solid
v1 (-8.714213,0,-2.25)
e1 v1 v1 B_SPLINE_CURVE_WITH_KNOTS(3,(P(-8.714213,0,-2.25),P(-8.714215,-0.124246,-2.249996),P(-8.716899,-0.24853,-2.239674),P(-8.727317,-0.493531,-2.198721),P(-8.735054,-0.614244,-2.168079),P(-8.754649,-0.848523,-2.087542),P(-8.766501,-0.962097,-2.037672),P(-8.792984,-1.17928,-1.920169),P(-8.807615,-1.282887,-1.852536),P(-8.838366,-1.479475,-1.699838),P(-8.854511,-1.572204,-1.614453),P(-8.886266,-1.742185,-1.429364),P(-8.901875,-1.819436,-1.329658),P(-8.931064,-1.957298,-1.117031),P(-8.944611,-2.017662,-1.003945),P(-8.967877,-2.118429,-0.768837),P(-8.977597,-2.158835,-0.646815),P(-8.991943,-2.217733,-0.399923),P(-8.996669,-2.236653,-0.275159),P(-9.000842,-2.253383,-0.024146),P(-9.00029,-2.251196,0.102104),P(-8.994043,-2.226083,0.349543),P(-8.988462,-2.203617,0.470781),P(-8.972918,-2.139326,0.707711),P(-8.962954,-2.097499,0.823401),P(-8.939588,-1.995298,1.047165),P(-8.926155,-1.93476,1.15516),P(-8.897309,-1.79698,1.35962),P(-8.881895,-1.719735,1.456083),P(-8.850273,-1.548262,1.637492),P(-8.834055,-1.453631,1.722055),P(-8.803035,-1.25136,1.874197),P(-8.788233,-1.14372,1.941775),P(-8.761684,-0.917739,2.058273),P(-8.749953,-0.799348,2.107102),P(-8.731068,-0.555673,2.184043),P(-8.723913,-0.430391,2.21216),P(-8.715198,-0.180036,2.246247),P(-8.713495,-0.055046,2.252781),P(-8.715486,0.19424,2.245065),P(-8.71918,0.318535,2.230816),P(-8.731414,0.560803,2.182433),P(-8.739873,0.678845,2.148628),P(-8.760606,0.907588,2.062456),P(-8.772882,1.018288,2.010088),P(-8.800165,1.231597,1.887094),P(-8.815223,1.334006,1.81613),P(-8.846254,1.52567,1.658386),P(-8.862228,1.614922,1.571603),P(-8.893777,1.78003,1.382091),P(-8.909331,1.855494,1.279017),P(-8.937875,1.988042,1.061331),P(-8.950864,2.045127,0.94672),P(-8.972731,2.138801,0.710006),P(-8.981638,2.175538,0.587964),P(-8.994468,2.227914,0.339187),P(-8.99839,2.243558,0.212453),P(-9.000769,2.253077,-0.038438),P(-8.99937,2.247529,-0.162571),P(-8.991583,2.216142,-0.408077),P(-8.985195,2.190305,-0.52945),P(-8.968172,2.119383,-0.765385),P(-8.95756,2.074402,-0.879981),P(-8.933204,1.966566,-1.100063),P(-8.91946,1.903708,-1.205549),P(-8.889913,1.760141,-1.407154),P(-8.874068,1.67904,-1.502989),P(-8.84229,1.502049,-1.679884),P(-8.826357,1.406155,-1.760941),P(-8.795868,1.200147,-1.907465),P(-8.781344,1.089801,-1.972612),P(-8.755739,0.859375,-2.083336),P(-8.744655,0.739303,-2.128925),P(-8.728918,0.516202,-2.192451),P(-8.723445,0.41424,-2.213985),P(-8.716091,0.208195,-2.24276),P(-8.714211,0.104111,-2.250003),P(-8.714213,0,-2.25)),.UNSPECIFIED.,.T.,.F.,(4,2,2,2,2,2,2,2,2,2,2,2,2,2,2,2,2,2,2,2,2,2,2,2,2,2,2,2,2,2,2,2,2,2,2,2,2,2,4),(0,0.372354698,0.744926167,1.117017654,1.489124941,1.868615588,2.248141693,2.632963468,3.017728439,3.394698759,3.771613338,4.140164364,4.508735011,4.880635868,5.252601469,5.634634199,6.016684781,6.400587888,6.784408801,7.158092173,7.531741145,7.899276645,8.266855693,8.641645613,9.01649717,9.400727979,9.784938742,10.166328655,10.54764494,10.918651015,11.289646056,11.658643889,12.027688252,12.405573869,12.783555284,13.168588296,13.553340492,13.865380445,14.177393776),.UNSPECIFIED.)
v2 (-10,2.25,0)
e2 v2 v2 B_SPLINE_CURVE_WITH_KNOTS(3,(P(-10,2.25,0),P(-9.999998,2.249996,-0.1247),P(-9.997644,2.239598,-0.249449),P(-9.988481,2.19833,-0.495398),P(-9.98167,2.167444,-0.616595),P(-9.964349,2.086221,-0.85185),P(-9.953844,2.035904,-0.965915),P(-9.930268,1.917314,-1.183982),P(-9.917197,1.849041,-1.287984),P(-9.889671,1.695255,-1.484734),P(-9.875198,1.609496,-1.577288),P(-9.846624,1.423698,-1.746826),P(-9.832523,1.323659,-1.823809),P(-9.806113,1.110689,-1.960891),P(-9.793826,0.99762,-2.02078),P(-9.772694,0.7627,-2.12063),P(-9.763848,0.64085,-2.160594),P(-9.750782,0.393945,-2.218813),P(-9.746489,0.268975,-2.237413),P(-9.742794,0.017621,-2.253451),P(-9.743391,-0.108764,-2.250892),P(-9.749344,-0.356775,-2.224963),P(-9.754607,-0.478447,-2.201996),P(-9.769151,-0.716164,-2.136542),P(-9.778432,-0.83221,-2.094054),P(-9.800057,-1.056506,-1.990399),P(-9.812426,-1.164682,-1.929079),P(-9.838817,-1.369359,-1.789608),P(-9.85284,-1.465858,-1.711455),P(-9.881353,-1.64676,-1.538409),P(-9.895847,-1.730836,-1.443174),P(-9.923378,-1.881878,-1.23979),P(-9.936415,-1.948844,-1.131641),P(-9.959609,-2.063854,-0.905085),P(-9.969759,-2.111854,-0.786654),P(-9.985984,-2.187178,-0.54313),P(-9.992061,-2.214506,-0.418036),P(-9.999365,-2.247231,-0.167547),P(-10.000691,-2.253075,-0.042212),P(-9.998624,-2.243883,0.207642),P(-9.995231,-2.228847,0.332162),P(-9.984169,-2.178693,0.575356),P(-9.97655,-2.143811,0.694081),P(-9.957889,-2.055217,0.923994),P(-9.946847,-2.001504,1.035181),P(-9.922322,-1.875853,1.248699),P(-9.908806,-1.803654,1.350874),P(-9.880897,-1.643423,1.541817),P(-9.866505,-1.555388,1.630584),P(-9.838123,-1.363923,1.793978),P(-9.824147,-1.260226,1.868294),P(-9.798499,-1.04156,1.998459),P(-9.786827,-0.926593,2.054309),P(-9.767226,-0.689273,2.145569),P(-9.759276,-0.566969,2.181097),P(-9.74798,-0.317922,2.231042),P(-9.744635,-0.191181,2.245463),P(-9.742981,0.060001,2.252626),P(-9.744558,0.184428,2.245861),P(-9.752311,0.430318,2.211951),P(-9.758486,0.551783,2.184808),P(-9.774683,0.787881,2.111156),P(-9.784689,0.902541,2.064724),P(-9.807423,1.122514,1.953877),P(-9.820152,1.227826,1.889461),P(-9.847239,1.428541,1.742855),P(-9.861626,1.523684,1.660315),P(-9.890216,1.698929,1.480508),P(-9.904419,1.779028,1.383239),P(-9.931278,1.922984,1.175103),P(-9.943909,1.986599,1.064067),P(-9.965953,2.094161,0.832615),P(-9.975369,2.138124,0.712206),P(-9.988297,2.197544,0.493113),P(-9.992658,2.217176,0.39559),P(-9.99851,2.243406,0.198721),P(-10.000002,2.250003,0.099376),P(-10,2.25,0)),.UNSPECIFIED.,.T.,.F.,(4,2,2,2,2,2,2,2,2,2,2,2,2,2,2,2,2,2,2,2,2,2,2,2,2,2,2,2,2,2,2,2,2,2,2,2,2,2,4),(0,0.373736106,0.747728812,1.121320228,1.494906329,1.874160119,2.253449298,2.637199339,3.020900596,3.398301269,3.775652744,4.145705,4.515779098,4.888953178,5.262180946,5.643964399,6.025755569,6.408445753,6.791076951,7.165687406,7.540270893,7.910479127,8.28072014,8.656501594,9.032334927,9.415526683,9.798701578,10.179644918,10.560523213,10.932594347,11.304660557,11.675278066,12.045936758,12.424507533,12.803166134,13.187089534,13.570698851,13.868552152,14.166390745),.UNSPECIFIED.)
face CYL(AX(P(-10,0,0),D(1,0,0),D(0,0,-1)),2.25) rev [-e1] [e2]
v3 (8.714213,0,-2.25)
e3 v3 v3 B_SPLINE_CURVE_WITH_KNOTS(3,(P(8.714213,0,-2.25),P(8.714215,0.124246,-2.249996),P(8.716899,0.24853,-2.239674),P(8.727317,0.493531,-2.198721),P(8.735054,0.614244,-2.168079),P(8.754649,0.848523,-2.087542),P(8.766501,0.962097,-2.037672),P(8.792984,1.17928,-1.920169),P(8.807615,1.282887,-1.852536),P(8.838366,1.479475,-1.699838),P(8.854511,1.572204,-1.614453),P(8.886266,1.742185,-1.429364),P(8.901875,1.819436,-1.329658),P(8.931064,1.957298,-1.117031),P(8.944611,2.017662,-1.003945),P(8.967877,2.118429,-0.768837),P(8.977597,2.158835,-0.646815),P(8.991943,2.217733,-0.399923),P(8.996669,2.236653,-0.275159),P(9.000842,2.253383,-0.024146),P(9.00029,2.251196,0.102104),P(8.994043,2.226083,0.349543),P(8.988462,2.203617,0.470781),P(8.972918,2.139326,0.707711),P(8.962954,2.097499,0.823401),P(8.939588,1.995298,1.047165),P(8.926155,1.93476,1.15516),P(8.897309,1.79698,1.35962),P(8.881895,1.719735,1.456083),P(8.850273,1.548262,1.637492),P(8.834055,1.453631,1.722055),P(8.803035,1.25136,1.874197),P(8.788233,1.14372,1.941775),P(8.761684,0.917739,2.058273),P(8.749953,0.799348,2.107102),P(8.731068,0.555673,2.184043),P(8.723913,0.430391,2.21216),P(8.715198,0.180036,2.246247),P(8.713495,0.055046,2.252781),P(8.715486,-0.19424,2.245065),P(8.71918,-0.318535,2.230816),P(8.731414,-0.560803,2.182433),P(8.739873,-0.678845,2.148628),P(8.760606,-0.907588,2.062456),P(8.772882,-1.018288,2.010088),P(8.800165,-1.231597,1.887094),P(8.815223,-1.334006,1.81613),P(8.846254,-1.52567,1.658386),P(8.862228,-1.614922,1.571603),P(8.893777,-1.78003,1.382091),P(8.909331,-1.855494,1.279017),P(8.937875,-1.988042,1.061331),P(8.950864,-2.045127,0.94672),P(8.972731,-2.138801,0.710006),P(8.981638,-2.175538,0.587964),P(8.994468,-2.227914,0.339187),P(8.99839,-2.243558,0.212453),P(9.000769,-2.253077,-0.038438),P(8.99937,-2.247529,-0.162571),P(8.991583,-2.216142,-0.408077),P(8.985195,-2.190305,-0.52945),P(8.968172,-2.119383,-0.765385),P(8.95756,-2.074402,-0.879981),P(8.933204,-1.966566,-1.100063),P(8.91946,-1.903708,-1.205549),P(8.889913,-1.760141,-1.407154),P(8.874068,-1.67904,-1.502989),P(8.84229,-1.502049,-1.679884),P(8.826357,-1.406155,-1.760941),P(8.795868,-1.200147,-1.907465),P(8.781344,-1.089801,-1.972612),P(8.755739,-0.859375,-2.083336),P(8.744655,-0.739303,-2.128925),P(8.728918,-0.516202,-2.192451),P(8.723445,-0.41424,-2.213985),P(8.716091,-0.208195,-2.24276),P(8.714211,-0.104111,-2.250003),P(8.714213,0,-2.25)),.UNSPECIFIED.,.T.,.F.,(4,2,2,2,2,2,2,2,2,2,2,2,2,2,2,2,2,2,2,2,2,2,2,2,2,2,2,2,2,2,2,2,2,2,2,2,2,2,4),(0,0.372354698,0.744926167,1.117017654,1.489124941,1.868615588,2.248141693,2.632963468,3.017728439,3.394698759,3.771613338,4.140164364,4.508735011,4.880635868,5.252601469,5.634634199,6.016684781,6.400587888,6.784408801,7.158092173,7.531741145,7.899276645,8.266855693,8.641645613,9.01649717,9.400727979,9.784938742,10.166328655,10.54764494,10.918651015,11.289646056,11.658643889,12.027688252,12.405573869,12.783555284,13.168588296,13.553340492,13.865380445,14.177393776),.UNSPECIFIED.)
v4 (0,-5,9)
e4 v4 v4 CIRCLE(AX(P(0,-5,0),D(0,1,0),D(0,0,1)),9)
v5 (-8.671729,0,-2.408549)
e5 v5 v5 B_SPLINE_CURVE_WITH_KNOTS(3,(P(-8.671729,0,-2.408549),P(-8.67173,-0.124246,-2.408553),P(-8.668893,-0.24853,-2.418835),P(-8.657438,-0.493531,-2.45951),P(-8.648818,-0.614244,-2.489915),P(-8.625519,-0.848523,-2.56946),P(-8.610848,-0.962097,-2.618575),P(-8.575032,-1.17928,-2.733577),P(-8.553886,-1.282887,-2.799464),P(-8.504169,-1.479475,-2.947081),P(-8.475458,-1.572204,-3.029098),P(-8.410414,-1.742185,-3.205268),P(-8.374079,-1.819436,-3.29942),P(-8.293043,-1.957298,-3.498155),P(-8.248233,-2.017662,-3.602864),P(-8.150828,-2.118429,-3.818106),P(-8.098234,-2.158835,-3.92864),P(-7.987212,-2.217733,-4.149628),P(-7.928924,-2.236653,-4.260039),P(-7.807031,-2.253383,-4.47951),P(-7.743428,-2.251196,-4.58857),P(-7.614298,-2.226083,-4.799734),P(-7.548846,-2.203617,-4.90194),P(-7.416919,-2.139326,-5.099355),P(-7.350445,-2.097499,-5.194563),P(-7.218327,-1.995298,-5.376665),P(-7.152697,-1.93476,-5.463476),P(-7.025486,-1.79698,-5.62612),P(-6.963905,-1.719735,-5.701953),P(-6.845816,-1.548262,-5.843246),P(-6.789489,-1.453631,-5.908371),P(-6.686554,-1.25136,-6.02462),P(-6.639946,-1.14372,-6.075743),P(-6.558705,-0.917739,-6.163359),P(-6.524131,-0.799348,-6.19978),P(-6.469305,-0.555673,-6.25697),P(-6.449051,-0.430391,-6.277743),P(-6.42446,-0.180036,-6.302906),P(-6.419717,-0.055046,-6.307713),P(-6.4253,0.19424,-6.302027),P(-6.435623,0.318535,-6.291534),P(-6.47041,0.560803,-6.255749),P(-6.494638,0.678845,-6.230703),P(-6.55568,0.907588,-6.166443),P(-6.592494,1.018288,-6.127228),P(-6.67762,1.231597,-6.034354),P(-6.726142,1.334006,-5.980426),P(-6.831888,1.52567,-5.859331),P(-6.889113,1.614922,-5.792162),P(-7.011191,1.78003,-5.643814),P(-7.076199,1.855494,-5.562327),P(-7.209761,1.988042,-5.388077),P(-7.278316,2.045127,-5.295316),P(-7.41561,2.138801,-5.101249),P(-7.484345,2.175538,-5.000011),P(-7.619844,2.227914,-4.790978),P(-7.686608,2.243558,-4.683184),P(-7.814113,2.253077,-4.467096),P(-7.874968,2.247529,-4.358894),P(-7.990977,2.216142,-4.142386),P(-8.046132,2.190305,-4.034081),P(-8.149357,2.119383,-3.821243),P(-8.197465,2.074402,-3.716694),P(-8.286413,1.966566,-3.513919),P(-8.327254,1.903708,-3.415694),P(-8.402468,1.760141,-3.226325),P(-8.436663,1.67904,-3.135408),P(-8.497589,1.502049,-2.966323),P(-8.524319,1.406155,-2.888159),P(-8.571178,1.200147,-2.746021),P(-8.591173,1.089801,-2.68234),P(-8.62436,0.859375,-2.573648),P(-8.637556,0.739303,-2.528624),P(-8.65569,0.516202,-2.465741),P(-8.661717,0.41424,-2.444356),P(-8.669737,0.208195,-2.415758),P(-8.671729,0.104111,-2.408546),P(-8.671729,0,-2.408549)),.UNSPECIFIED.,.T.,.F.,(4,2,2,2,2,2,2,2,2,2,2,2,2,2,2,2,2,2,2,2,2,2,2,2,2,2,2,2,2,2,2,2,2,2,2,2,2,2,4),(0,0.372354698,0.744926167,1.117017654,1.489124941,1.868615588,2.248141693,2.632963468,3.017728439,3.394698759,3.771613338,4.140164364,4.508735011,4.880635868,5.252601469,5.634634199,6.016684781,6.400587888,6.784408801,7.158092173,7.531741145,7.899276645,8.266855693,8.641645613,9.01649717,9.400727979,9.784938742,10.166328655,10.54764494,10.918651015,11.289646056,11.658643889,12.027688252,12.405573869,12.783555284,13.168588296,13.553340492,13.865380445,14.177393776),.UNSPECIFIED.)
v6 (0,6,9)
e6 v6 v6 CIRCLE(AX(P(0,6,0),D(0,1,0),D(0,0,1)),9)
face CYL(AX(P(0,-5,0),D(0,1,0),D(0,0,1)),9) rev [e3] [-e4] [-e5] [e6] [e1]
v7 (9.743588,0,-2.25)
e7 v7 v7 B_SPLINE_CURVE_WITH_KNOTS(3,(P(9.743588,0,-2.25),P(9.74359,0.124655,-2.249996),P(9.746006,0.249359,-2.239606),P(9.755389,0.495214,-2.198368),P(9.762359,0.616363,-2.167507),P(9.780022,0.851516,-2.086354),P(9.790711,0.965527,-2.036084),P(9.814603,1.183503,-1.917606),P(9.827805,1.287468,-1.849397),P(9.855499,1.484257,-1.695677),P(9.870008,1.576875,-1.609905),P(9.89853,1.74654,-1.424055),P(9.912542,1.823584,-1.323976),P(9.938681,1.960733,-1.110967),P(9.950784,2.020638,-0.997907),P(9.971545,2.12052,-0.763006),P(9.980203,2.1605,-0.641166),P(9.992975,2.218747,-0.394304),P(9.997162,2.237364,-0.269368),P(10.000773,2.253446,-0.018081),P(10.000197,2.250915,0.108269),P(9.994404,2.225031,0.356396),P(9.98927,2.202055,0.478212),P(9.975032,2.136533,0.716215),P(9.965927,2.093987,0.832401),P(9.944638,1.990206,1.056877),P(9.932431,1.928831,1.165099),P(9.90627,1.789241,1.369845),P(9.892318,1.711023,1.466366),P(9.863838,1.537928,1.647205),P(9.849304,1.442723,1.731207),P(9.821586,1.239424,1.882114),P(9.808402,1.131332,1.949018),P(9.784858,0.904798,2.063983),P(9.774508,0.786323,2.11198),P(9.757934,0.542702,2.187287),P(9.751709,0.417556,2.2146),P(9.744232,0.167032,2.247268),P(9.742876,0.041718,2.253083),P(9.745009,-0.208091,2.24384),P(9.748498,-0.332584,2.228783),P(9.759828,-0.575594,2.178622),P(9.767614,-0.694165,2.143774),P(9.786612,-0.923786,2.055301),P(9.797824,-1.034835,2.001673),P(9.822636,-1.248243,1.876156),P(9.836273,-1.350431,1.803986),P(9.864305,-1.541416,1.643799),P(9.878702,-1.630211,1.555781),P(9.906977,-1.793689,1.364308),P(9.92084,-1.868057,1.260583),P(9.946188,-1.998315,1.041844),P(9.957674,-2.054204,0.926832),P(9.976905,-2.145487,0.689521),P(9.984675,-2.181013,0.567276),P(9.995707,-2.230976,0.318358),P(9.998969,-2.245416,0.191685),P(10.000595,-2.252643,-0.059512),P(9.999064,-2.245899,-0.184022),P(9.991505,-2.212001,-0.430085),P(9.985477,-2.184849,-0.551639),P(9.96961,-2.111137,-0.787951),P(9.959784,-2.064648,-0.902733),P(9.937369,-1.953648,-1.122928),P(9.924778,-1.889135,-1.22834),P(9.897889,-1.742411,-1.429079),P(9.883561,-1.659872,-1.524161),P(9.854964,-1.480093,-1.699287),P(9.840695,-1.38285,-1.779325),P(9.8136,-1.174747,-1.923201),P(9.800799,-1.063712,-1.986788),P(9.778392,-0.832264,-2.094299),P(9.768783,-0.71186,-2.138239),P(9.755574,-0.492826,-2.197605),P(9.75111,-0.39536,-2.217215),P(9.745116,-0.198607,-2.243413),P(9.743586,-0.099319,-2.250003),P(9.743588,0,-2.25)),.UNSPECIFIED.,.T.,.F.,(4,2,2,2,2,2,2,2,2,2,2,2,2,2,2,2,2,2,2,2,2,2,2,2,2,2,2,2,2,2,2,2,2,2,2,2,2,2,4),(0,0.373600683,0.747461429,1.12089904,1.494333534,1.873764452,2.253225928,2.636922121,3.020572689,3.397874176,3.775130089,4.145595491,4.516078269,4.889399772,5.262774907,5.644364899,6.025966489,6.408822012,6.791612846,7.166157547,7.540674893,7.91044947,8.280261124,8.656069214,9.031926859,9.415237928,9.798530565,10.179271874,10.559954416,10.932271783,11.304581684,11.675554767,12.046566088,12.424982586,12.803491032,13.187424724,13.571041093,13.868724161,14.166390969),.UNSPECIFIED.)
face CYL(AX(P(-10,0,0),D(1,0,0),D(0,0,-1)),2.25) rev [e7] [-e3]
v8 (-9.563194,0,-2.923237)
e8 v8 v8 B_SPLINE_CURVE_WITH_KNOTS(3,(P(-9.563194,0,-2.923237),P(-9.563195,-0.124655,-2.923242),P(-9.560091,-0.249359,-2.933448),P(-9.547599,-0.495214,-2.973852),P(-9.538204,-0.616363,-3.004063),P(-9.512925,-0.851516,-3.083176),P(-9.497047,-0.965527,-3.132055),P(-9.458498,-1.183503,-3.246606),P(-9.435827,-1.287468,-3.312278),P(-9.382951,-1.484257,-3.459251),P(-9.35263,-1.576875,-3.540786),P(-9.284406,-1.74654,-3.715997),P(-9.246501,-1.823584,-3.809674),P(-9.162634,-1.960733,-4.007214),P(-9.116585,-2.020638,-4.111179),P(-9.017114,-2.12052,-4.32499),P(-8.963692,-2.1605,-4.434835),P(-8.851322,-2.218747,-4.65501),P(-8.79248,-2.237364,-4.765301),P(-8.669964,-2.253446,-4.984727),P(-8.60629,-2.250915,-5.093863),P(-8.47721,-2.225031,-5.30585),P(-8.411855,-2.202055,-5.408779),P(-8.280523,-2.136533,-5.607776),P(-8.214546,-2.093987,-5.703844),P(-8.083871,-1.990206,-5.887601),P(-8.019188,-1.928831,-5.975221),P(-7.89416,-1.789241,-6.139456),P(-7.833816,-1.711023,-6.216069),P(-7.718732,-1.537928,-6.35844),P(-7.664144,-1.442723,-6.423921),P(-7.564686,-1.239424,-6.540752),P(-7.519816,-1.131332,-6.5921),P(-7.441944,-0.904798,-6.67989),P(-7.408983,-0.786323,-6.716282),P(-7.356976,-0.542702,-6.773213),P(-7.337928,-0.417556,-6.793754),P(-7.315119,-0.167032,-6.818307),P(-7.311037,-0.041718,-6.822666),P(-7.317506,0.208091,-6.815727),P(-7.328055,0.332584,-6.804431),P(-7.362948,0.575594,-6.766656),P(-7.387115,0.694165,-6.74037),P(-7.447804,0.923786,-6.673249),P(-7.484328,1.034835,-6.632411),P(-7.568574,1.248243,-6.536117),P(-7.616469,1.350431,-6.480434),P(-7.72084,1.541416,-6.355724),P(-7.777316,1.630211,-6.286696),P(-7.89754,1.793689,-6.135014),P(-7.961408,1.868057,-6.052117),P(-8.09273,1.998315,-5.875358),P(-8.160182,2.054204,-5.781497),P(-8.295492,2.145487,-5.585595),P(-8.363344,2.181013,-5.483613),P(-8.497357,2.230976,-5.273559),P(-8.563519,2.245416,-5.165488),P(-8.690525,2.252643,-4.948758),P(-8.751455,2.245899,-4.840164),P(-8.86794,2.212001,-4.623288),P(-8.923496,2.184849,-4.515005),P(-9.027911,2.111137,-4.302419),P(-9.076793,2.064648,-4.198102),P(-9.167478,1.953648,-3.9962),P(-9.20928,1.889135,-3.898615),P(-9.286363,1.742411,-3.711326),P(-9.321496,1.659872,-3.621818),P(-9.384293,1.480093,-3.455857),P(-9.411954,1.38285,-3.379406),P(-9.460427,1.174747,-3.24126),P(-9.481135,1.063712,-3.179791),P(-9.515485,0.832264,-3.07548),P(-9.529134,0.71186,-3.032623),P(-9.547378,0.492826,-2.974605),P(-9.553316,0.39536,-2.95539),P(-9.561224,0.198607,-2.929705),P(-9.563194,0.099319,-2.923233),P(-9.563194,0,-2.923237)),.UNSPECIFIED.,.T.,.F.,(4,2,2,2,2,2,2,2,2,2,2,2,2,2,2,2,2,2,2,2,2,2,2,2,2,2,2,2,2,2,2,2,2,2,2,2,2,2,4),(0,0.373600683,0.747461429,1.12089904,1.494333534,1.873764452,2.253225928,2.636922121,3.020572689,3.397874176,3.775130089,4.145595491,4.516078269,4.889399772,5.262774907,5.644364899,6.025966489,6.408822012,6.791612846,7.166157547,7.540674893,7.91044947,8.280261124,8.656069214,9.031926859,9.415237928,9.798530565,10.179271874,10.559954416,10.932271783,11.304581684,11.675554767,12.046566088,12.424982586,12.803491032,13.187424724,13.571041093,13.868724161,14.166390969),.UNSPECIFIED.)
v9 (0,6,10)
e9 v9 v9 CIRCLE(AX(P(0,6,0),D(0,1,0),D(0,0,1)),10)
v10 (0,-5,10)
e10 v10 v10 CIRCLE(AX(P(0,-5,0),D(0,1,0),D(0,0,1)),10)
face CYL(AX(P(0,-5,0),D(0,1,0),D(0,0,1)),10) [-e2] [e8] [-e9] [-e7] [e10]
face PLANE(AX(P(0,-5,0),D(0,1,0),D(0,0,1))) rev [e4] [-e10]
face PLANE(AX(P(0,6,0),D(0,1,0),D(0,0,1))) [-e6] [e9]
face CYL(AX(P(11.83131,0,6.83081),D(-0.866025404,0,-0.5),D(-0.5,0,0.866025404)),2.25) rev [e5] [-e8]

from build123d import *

# Parameters (mm, degrees)
ESBO_O1_R                     = 10
ESBO_O1_R_2                   = 9
RESSALTO_EXTRUS_O1_DEPTH      = 6
RESSALTO_EXTRUS_O1_DEPTH_BACK = 5
CORTE_EXTRUS_O1_REACH         = 25.66
ESBO_O2_R                     = 2.25
ESBO_O3_R                     = 2.25
CORTE_EXTRUS_O2_DEPTH         = 11.0000001
CORTE_EXTRUS_O2_DEPTH_BACK    = 11.0000001


with BuildPart() as part:
    # Esboço1 → Ressalto-extrusão1 (new body, two sides)
    with BuildSketch(Plane(origin=(0, 0, 0), x_dir=(1, 0, 0), z_dir=(0, 1, 0))) as ressalto_extrus_o1_sk:
        Circle(ESBO_O1_R)
        Circle(ESBO_O1_R_2, mode=Mode.SUBTRACT)
    extrude(amount=RESSALTO_EXTRUS_O1_DEPTH)
    extrude(ressalto_extrus_o1_sk.sketch, amount=-RESSALTO_EXTRUS_O1_DEPTH_BACK)

    # Esboço2 → Corte-extrusão1 (cut, up to next)
    with BuildSketch(Plane(origin=(-8.660254038, 0, -5), x_dir=(-0.5, 0, 0.866025404), z_dir=(-0.866025404, 0, -0.5)), mode=Mode.PRIVATE) as corte_extrus_o1_sk1:
        Circle(ESBO_O2_R)
    corte_extrus_o1_tool1 = extrude(corte_extrus_o1_sk1.sketch, amount=-CORTE_EXTRUS_O1_REACH, mode=Mode.PRIVATE) & part.part
    add(corte_extrus_o1_tool1.solids().sort_by_distance((-8.660254, 0, -5))[0], mode=Mode.SUBTRACT)

    # Esboço3 → Corte-extrusão2 (cut, two sides)
    with BuildSketch(Plane(origin=(0, 0, 0), x_dir=(0, 0, -1), z_dir=(1, 0, 0))) as corte_extrus_o2_sk:
        Circle(ESBO_O3_R)
    extrude(amount=CORTE_EXTRUS_O2_DEPTH, mode=Mode.SUBTRACT)
    extrude(corte_extrus_o2_sk.sketch, amount=-CORTE_EXTRUS_O2_DEPTH_BACK, mode=Mode.SUBTRACT)


solid = part.part
